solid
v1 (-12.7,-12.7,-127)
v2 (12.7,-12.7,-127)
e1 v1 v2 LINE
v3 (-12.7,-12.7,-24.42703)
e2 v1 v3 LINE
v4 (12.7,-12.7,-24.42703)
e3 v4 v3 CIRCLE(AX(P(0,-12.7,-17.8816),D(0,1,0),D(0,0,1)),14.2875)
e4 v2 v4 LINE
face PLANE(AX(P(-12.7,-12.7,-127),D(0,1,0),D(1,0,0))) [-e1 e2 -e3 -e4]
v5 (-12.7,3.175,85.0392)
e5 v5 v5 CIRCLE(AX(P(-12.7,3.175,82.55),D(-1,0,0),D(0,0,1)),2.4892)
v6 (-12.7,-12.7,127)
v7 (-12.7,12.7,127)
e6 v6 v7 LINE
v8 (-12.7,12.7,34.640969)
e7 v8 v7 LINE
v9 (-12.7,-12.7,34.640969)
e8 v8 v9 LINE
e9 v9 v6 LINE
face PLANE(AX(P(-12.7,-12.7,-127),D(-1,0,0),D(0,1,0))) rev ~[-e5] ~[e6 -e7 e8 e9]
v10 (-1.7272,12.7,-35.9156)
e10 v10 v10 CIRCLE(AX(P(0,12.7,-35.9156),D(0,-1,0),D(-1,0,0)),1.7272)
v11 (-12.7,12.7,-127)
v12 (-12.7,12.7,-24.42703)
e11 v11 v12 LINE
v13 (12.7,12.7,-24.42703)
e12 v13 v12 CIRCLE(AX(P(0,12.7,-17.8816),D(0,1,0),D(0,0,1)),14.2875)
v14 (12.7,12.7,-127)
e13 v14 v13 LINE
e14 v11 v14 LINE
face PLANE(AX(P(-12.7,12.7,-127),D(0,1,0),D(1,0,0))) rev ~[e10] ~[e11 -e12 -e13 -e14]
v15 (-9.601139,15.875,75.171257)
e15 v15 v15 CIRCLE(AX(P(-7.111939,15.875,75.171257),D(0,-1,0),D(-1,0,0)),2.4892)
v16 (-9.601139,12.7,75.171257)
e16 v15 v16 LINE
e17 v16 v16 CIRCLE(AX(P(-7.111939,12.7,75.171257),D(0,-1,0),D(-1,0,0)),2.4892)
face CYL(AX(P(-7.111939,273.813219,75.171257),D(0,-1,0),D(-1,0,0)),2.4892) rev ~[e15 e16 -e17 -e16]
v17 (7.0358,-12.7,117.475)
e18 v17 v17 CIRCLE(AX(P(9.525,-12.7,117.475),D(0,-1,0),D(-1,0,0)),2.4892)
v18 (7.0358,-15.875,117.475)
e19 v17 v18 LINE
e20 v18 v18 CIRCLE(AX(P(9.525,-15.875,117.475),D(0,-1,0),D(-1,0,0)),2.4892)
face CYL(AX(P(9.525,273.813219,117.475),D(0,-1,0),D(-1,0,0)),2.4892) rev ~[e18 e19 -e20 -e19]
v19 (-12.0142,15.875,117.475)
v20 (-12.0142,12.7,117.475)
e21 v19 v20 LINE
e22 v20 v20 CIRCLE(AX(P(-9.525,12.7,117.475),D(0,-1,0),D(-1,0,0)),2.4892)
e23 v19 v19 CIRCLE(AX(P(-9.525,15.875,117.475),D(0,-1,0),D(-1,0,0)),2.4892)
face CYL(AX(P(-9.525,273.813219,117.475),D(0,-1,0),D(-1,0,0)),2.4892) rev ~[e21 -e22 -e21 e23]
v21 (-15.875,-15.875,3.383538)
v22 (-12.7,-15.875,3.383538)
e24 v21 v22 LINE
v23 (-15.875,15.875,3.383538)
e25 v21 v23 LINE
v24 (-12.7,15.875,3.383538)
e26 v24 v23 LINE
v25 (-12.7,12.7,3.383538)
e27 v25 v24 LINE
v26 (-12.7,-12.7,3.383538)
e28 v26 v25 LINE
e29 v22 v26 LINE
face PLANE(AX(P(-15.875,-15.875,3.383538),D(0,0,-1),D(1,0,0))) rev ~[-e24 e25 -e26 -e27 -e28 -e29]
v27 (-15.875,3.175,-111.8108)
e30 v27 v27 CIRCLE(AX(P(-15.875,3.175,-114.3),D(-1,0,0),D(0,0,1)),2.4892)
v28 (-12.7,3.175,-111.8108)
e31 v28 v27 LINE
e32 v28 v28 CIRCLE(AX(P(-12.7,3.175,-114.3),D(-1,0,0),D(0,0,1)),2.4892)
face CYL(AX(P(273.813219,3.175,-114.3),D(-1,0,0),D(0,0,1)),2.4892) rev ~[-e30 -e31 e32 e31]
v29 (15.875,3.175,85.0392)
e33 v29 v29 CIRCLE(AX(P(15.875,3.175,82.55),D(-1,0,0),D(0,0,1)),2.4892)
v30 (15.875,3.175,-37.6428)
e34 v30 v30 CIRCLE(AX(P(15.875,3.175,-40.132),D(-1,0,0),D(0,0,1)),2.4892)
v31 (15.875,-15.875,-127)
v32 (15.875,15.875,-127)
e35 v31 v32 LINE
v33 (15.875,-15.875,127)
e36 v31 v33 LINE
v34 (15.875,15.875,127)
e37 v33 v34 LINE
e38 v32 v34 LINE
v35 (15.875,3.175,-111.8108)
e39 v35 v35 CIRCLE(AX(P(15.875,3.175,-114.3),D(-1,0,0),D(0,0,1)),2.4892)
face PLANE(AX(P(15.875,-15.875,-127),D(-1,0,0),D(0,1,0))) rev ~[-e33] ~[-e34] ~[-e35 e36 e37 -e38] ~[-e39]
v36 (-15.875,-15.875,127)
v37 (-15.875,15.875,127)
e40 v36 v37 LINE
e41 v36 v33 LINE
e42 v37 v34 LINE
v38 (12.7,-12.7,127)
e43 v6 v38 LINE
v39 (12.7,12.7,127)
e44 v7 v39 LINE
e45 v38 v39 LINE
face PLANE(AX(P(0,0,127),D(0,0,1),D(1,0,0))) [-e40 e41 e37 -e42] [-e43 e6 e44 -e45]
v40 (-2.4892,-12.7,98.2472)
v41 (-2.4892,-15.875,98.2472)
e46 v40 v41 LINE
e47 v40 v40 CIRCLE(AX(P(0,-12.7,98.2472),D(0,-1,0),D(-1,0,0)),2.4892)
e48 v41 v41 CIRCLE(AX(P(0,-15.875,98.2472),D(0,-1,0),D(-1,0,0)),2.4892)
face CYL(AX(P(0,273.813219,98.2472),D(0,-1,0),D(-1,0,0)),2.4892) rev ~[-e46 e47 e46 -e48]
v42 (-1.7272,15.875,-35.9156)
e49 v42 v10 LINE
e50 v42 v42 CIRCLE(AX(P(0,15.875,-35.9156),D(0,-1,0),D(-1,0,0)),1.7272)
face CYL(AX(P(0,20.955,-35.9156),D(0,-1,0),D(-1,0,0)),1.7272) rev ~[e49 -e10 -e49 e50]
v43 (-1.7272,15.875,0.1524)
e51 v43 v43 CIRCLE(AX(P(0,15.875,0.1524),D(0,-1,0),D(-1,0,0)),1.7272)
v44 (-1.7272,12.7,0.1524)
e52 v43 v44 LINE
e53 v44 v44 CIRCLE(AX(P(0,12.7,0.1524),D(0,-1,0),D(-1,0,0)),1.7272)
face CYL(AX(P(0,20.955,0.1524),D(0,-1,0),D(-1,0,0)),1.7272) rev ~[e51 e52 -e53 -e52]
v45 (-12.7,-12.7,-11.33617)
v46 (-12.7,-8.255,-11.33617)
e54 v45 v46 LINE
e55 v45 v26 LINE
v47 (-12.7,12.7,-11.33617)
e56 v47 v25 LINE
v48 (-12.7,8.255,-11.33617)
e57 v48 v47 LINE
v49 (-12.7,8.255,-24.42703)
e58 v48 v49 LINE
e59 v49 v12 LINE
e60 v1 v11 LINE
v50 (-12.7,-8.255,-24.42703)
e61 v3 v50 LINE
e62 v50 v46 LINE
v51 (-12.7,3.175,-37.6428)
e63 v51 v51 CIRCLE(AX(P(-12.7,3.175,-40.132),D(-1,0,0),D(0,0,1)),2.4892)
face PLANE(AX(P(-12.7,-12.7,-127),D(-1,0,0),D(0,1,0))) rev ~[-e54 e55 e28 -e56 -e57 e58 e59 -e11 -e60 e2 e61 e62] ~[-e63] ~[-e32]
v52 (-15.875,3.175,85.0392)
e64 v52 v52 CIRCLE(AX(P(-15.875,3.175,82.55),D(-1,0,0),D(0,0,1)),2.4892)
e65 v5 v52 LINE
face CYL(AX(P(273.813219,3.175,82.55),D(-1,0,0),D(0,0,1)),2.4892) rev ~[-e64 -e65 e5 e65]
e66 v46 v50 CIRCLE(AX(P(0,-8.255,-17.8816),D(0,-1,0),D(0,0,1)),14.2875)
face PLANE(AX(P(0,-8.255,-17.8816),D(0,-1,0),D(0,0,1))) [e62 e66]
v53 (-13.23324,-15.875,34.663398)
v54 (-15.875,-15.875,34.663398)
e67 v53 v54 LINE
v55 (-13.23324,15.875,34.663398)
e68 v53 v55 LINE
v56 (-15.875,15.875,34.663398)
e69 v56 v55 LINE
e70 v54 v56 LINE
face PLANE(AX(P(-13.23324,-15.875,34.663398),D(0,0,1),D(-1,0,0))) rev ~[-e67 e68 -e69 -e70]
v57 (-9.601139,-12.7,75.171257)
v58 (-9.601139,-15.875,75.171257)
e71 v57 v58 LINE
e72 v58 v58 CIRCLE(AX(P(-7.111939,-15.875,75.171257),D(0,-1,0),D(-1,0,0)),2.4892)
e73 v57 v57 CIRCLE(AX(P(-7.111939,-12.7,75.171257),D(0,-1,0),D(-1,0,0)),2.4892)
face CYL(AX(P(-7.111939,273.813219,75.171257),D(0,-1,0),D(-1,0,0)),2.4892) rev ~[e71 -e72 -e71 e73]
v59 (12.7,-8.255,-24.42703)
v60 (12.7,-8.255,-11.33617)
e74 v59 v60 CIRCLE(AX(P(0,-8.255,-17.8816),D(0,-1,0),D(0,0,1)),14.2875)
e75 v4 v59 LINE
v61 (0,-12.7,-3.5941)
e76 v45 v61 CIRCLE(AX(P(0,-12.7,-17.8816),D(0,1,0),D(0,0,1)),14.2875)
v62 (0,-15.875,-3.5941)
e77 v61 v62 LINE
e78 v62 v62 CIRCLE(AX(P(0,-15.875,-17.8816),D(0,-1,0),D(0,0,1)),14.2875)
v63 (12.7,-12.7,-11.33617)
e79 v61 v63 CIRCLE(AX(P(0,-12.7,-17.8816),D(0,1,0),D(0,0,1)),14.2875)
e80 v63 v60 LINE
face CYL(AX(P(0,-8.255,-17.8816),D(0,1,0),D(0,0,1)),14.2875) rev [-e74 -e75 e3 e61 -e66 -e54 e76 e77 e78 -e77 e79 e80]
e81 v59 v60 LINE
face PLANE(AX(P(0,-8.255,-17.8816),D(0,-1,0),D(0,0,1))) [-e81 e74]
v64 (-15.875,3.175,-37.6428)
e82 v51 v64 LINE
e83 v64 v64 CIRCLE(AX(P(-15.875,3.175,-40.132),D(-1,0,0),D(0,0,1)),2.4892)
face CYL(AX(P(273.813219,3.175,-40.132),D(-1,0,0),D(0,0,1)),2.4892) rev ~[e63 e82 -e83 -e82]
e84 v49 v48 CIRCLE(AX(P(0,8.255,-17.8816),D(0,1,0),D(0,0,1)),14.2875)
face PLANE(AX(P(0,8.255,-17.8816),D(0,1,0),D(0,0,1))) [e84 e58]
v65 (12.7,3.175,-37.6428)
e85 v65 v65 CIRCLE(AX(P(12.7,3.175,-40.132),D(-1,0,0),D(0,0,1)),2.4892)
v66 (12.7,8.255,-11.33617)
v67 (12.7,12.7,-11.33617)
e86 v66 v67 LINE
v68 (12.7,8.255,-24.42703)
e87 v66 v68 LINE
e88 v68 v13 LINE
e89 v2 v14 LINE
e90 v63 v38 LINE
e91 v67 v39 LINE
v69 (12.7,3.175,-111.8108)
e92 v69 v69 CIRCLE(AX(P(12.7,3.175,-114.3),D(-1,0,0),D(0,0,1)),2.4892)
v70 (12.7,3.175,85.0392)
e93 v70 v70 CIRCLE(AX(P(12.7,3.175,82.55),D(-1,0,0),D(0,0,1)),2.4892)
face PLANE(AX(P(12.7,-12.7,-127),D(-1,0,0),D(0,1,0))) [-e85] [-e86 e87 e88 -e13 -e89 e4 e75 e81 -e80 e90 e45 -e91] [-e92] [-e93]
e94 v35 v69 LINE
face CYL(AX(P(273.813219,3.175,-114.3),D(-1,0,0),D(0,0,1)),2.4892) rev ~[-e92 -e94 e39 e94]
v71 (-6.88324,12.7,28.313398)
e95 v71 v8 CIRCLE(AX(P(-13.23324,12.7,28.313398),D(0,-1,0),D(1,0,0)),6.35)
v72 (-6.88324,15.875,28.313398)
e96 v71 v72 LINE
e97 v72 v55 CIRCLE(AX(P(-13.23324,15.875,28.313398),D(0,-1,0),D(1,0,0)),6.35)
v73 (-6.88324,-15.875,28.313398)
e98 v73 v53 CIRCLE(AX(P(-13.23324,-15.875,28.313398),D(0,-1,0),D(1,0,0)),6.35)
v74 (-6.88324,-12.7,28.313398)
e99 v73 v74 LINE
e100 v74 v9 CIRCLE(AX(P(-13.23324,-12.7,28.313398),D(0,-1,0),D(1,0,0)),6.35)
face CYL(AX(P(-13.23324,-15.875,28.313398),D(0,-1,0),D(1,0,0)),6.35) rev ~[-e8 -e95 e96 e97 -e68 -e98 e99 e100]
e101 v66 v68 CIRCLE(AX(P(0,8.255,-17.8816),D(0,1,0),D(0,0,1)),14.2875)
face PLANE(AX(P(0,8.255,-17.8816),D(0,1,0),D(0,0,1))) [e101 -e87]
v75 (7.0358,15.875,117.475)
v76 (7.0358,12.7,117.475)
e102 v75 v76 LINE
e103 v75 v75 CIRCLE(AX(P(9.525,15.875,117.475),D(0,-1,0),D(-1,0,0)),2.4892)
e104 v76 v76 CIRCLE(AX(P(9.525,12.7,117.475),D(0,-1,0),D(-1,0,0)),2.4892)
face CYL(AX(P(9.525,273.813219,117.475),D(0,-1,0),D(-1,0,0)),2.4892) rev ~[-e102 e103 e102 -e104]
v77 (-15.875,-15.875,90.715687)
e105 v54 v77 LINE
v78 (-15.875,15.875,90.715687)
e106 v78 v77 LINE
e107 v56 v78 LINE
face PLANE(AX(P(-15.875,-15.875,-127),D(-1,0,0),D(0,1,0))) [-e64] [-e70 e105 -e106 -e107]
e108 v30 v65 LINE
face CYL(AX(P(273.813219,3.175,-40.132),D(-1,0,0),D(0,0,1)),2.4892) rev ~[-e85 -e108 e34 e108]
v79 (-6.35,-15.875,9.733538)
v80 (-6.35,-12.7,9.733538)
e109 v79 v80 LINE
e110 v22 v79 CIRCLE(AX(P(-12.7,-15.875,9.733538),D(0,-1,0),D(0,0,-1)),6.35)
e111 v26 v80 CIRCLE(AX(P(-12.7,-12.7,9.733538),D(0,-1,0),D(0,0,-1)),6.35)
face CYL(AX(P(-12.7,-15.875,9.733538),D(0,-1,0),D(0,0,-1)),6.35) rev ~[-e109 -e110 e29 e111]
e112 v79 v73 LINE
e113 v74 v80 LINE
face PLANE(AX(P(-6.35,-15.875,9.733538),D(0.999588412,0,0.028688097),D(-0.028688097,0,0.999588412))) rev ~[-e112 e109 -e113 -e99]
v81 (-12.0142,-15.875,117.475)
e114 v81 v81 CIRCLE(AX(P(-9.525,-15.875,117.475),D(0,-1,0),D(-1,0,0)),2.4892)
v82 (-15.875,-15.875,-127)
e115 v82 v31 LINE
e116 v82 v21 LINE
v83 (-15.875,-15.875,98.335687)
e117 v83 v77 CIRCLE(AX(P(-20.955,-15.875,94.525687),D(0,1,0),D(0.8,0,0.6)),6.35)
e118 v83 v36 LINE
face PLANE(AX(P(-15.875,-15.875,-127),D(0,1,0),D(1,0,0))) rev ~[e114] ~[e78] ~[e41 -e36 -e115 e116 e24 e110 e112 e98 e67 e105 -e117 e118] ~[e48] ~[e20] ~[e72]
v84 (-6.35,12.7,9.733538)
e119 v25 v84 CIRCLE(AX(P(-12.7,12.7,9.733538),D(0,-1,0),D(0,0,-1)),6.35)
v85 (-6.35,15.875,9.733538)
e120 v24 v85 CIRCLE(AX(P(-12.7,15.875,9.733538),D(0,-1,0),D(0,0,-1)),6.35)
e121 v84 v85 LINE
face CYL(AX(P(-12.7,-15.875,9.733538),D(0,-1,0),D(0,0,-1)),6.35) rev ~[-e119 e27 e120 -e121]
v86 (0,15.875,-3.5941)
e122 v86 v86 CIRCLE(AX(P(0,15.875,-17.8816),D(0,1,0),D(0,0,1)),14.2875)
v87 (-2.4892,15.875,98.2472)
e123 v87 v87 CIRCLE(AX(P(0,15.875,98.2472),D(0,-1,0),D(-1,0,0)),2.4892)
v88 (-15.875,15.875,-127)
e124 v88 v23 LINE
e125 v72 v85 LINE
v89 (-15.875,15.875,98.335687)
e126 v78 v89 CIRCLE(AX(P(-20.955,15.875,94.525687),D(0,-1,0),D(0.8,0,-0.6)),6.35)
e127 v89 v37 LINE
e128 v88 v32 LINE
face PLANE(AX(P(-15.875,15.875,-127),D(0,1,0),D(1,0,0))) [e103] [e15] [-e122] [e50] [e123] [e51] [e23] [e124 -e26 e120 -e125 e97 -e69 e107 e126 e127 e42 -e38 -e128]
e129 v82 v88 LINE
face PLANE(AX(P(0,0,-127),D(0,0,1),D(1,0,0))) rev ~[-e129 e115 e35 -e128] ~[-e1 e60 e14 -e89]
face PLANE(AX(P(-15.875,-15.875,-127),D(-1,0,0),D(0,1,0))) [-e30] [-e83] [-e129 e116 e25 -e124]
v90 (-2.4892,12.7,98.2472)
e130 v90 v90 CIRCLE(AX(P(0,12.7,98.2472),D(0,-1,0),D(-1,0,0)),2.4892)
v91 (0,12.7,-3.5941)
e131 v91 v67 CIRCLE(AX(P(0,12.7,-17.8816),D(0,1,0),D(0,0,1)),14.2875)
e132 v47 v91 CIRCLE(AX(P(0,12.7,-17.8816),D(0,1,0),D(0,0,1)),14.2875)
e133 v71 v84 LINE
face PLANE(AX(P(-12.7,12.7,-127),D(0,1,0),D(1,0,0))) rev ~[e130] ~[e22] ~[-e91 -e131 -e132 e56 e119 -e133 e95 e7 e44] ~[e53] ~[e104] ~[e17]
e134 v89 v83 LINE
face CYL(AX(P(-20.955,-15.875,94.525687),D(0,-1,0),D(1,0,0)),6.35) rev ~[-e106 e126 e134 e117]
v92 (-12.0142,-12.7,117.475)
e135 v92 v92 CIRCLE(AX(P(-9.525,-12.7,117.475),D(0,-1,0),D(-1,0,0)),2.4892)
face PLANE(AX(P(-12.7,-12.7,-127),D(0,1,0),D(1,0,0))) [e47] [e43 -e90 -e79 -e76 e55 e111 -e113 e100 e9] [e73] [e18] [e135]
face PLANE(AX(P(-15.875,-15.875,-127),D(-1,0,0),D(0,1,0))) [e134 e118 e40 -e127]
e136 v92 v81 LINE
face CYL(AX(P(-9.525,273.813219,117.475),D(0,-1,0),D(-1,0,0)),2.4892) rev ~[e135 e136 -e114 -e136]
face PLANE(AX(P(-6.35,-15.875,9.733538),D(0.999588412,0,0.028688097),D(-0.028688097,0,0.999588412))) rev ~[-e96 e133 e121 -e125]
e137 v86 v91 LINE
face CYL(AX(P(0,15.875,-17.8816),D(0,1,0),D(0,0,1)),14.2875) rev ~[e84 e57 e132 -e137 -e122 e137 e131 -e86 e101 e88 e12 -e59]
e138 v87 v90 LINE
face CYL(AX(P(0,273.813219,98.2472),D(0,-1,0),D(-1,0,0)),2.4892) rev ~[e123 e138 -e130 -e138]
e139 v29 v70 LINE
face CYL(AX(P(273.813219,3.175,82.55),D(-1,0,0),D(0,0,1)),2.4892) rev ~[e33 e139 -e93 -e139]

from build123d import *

# Parameters (mm, degrees)
BOSS_EXTRUDE1_DEPTH           = 127
BOSS_EXTRUDE1_DEPTH_BACK      = 127
SKETCH3_W                     = 31.75
SKETCH3_H                     = 31.75
SKETCH3_W_2                   = 25.4
SKETCH3_H_2                   = 25.4
F_10_CLEARANCE_HOLE1_D        = 4.9784
SKETCH7_R                     = 14.2875
CUT_EXTRUDE1_DEPTH            = 7.62
CUT_EXTRUDE2_START            = -7.62
SKETCH8_R                     = 14.2875
CUT_EXTRUDE2_DEPTH            = 7.62
CUT_EXTRUDE3_DEPTH            = 132.867653824
F_10_CLEARANCE_HOLE2_D        = 4.9784
SKETCH13_R                    = 6.35
CUT_EXTRUDE4_DEPTH            = 132.867653824
TAP_DRILL_FOR_8_32_TAP1_D     = 3.4544
TAP_DRILL_FOR_8_32_TAP1_DEPTH = 5.08
TAP_DRILL_FOR_8_32_TAP1_TIP   = 1.037806461


with BuildPart() as part:
    # Sketch3 → Boss-Extrude1 (new, two sides: drawn at the far end of the back side and taken through both)
    with BuildSketch(Plane.XY.offset(-BOSS_EXTRUDE1_DEPTH_BACK)):
        Rectangle(SKETCH3_W, SKETCH3_H)
        Rectangle(SKETCH3_W_2, SKETCH3_H_2, mode=Mode.SUBTRACT)
    extrude(amount=BOSS_EXTRUDE1_DEPTH + BOSS_EXTRUDE1_DEPTH_BACK)

    # #10 Clearance Hole1 (through all)
    with Locations(Plane(origin=(0, 15.875, 0), x_dir=(1, 0, 0), z_dir=(0, 1, 0))):
        with Locations((-9.525, -117.475), (9.525, -117.475), (0, -98.247200001), (-7.111939052, -75.171256705)):
            Hole(F_10_CLEARANCE_HOLE1_D / 2)

    # Sketch7 → Cut-Extrude1 (cut)
    with BuildSketch(Plane(origin=(0, 15.875, 0), x_dir=(1, 0, 0), z_dir=(0, 1, 0))):
        with Locations(Location((0, 17.8816, 0), (0, 0, 270))):
            Circle(SKETCH7_R)
    extrude(amount=-CUT_EXTRUDE1_DEPTH, mode=Mode.SUBTRACT)

    # Sketch8 → Cut-Extrude2 (cut)
    with BuildSketch(Plane.XZ.offset(15.875).offset(CUT_EXTRUDE2_START)):
        with Locations(Location((0, -17.8816, 0), (0, 0, 90))):
            Circle(SKETCH8_R)
    extrude(amount=CUT_EXTRUDE2_DEPTH, mode=Mode.SUBTRACT)

    # Sketch9 → Cut-Extrude3 (cut, through all)
    with BuildSketch(Plane.XZ.offset(15.875)):
        with BuildLine():
            Line((-15.875, 34.663398263), (-15.875, 3.38353779))
            Line((-15.875, 3.38353779), (-12.7, 3.38353779))
            ThreePointArc((-12.7, 3.38353779), (-8.209871939, 5.243409729), (-6.35, 9.73353779))
            Line((-6.35, 9.73353779), (-6.883240315, 28.313398263))
            ThreePointArc((-6.883240315, 28.313398263), (-8.743112255, 32.803526323), (-13.233240315, 34.663398263))
            Line((-13.233240315, 34.663398263), (-15.875, 34.663398263))
        make_face()
    extrude(amount=-CUT_EXTRUDE3_DEPTH, mode=Mode.SUBTRACT)

    # #10 Clearance Hole2 (through all)
    with Locations(Plane(origin=(15.875, 0, 0), x_dir=(0, 0, -1), z_dir=(1, 0, 0))):
        with Locations((-82.55, 3.175), (114.3, 3.175), (40.132, 3.175)):
            Hole(F_10_CLEARANCE_HOLE2_D / 2)

    # Sketch13 → Cut-Extrude4 (cut, through all)
    with BuildSketch(Plane.XZ.offset(15.875)):
        with Locations((-20.955, 94.525686877)):
            Circle(SKETCH13_R)
    extrude(amount=-CUT_EXTRUDE4_DEPTH, mode=Mode.SUBTRACT)

    # Tap Drill for #8-32 Tap1
    with Locations(Plane(origin=(0, 15.875, 0), x_dir=(1, 0, 0), z_dir=(0, 1, 0))):
        with Locations((0, 35.9156), (0, -0.1524)):
            Hole(TAP_DRILL_FOR_8_32_TAP1_D / 2, depth=TAP_DRILL_FOR_8_32_TAP1_DEPTH)
            with Locations((0, 0, -(TAP_DRILL_FOR_8_32_TAP1_DEPTH + TAP_DRILL_FOR_8_32_TAP1_TIP / 2))):  # 118° drill point
                Cone(0, TAP_DRILL_FOR_8_32_TAP1_D / 2, TAP_DRILL_FOR_8_32_TAP1_TIP, mode=Mode.SUBTRACT)


solid = part.part
